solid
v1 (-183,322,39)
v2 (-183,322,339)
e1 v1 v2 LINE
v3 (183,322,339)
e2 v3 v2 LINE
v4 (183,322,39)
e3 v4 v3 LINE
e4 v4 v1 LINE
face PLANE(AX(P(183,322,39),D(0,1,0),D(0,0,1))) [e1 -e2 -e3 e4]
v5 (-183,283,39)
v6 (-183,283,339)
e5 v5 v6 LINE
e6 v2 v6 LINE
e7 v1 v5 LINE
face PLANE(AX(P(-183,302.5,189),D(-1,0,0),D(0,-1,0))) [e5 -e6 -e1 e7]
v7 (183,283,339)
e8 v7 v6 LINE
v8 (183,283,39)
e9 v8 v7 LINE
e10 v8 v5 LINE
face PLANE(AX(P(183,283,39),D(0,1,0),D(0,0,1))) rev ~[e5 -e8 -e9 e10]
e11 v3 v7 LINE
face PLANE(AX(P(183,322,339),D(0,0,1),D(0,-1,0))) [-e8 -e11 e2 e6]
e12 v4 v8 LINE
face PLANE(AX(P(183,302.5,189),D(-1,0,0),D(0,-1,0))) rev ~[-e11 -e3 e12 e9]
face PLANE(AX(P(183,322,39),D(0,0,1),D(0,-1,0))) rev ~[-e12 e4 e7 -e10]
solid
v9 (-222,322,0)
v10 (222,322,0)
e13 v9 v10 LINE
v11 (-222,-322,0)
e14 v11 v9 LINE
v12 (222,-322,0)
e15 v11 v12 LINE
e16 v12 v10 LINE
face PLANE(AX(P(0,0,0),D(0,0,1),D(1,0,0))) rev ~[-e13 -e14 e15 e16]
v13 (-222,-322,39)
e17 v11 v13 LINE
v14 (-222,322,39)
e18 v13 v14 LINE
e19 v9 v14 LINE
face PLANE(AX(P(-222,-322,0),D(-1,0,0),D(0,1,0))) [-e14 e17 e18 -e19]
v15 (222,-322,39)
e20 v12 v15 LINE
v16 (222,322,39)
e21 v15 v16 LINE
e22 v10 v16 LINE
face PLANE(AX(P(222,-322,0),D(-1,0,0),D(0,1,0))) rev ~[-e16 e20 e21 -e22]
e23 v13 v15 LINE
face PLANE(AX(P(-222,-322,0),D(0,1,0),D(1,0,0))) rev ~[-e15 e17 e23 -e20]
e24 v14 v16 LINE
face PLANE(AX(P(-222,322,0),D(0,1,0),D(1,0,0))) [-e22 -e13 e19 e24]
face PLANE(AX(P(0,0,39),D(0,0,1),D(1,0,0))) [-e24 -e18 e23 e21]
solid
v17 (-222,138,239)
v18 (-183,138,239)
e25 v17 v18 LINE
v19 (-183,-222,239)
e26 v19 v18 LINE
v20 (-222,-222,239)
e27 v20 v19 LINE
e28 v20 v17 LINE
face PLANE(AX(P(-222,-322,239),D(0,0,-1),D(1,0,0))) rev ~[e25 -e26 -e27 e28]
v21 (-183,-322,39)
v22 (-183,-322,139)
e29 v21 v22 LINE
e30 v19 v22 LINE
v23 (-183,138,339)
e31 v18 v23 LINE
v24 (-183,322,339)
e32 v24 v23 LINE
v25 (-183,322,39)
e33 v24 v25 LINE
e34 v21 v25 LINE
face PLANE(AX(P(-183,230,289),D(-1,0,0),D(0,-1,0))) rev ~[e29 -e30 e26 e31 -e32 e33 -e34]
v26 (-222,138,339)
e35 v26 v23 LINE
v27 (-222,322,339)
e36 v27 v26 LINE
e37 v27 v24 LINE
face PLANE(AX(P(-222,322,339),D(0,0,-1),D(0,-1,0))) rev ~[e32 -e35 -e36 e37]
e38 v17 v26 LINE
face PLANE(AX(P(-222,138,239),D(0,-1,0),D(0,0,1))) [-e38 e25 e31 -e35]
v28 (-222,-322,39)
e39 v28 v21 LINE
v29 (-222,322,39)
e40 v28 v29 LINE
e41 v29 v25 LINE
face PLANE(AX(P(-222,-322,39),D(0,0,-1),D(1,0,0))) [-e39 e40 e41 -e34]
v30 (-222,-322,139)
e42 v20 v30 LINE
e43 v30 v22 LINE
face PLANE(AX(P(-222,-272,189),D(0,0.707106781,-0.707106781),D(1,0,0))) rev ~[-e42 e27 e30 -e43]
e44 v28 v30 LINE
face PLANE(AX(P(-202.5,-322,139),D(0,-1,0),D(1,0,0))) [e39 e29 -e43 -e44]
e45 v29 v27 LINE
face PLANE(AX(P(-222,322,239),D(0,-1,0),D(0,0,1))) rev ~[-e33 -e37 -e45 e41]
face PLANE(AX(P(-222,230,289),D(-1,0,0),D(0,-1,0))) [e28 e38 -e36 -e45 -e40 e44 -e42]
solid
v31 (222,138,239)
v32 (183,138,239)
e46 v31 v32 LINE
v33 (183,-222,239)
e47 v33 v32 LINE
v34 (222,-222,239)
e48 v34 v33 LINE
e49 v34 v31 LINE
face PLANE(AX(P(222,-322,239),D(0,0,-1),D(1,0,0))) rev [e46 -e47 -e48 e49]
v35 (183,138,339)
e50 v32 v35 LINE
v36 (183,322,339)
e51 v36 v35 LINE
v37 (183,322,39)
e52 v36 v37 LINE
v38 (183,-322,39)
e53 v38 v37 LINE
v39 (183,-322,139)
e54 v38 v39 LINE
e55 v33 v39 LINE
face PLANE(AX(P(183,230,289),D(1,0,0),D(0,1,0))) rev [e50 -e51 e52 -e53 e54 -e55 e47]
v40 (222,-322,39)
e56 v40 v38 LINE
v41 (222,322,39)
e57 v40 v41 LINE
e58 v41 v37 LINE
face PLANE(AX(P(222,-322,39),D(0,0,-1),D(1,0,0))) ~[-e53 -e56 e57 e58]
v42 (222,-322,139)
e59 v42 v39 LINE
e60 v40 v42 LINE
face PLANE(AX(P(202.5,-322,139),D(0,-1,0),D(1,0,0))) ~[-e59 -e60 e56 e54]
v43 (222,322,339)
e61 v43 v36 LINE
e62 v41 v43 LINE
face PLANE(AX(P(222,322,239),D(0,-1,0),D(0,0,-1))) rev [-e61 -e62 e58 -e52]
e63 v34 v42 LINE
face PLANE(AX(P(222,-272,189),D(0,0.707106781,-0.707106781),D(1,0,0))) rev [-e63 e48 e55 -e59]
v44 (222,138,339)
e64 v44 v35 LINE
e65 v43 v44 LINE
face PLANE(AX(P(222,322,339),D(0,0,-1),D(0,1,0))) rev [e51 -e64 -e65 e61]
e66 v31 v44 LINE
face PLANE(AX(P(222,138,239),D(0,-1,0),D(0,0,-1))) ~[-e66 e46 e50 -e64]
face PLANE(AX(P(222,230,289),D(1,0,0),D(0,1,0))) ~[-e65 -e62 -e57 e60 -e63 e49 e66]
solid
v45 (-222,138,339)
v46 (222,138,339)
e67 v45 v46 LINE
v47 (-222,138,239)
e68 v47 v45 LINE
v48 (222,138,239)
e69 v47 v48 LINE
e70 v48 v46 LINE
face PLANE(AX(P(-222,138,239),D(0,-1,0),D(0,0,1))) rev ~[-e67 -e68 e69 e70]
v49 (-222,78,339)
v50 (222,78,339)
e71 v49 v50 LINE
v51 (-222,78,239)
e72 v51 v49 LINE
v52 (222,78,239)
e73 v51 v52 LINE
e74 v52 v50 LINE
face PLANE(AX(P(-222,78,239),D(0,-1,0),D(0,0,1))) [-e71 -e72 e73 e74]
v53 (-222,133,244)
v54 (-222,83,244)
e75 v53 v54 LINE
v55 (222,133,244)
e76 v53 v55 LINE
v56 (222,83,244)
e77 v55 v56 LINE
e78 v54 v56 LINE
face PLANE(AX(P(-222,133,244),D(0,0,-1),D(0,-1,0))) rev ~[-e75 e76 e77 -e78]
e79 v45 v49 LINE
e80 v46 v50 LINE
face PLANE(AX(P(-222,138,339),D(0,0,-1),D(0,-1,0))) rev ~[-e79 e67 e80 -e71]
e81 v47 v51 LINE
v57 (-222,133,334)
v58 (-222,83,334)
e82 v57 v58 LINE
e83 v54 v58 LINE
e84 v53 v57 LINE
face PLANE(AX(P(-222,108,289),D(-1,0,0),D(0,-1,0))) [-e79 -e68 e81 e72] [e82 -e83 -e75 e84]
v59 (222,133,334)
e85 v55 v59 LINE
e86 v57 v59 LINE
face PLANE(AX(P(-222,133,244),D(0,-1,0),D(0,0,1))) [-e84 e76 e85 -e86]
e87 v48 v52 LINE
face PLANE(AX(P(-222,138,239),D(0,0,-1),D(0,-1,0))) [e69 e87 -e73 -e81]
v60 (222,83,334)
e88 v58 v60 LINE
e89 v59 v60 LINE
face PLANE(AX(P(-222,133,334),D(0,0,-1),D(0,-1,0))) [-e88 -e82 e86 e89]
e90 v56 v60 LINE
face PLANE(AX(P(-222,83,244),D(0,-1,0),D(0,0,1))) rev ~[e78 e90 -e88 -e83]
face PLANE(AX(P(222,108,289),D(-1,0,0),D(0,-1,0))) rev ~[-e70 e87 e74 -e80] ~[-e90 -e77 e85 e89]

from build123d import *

# Parameters (mm, degrees)
F0_W      = 444
F0_H      = 644
F1_DEPTH  = 39
F2_W      = 39
F2_H      = 200
F3_DEPTH  = 644
F4_W      = 184
F4_H      = 100
F5_DEPTH  = 39
F7_W      = 39
F7_H      = 300
F8_DEPTH  = 366
F9_SIZE   = 100
F9_2_SIZE = 100
F10_W     = 60
F10_H     = 100
F10_W_2   = 50
F10_H_2   = 90
F11_DEPTH = 444


with BuildPart() as f1:
    # F0 (on Top) → F1 (new body)
    with BuildSketch(Plane.XY):
        Rectangle(F0_W, F0_H)
    extrude(amount=F1_DEPTH)


with BuildPart() as f3:
    # F2 (on face) → F3 (new body, through all)
    with BuildSketch(Plane.XZ.offset(322)):
        with Locations((-202.5, 139)):
            Rectangle(F2_W, F2_H)
    extrude(amount=-F3_DEPTH)

    # F4 (on face) → F5 (join)
    with BuildSketch(Plane(origin=(-222, 0, 0), x_dir=(0, -1, 0), z_dir=(-1, 0, 0))):
        with Locations((-230, 289)):
            Rectangle(F4_W, F4_H)
    extrude(amount=-F5_DEPTH)


with BuildPart() as f6_1:
    # F6: instance of F3
    add(f3.part.mirror(Plane.YZ))

    # F9#2
    f9_2_edges = [f6_1.edges().sort_by_distance(p)[0] for p in [
        (202.5, -322, 239),
    ]]
    chamfer(f9_2_edges, length=F9_2_SIZE)


with BuildPart() as f8:
    # F7 (on face) → F8 (new body, through all)
    with BuildSketch(Plane(origin=(183, 0, 0), x_dir=(0, -1, 0), z_dir=(-1, 0, 0))):
        with Locations((-302.5, 189)):
            Rectangle(F7_W, F7_H)
    extrude(amount=F8_DEPTH)


with BuildPart() as f3_1:
    add(f3.part)

    # F9
    f9_edges = [f3_1.edges().sort_by_distance(p)[0] for p in [
        (-202.5, -322, 239),
    ]]
    chamfer(f9_edges, length=F9_SIZE)


with BuildPart() as f11:
    # F10 (on face) → F11 (new body, through all)
    with BuildSketch(Plane(origin=(-222, 0, 0), x_dir=(0, -1, 0), z_dir=(-1, 0, 0))):
        with Locations((-108, 289)):
            Rectangle(F10_W, F10_H)
        with Locations((-108, 289)):
            Rectangle(F10_W_2, F10_H_2, mode=Mode.SUBTRACT)
    extrude(amount=-F11_DEPTH)


solid = Compound([f1.part, f6_1.part, f8.part, f3_1.part, f11.part])
